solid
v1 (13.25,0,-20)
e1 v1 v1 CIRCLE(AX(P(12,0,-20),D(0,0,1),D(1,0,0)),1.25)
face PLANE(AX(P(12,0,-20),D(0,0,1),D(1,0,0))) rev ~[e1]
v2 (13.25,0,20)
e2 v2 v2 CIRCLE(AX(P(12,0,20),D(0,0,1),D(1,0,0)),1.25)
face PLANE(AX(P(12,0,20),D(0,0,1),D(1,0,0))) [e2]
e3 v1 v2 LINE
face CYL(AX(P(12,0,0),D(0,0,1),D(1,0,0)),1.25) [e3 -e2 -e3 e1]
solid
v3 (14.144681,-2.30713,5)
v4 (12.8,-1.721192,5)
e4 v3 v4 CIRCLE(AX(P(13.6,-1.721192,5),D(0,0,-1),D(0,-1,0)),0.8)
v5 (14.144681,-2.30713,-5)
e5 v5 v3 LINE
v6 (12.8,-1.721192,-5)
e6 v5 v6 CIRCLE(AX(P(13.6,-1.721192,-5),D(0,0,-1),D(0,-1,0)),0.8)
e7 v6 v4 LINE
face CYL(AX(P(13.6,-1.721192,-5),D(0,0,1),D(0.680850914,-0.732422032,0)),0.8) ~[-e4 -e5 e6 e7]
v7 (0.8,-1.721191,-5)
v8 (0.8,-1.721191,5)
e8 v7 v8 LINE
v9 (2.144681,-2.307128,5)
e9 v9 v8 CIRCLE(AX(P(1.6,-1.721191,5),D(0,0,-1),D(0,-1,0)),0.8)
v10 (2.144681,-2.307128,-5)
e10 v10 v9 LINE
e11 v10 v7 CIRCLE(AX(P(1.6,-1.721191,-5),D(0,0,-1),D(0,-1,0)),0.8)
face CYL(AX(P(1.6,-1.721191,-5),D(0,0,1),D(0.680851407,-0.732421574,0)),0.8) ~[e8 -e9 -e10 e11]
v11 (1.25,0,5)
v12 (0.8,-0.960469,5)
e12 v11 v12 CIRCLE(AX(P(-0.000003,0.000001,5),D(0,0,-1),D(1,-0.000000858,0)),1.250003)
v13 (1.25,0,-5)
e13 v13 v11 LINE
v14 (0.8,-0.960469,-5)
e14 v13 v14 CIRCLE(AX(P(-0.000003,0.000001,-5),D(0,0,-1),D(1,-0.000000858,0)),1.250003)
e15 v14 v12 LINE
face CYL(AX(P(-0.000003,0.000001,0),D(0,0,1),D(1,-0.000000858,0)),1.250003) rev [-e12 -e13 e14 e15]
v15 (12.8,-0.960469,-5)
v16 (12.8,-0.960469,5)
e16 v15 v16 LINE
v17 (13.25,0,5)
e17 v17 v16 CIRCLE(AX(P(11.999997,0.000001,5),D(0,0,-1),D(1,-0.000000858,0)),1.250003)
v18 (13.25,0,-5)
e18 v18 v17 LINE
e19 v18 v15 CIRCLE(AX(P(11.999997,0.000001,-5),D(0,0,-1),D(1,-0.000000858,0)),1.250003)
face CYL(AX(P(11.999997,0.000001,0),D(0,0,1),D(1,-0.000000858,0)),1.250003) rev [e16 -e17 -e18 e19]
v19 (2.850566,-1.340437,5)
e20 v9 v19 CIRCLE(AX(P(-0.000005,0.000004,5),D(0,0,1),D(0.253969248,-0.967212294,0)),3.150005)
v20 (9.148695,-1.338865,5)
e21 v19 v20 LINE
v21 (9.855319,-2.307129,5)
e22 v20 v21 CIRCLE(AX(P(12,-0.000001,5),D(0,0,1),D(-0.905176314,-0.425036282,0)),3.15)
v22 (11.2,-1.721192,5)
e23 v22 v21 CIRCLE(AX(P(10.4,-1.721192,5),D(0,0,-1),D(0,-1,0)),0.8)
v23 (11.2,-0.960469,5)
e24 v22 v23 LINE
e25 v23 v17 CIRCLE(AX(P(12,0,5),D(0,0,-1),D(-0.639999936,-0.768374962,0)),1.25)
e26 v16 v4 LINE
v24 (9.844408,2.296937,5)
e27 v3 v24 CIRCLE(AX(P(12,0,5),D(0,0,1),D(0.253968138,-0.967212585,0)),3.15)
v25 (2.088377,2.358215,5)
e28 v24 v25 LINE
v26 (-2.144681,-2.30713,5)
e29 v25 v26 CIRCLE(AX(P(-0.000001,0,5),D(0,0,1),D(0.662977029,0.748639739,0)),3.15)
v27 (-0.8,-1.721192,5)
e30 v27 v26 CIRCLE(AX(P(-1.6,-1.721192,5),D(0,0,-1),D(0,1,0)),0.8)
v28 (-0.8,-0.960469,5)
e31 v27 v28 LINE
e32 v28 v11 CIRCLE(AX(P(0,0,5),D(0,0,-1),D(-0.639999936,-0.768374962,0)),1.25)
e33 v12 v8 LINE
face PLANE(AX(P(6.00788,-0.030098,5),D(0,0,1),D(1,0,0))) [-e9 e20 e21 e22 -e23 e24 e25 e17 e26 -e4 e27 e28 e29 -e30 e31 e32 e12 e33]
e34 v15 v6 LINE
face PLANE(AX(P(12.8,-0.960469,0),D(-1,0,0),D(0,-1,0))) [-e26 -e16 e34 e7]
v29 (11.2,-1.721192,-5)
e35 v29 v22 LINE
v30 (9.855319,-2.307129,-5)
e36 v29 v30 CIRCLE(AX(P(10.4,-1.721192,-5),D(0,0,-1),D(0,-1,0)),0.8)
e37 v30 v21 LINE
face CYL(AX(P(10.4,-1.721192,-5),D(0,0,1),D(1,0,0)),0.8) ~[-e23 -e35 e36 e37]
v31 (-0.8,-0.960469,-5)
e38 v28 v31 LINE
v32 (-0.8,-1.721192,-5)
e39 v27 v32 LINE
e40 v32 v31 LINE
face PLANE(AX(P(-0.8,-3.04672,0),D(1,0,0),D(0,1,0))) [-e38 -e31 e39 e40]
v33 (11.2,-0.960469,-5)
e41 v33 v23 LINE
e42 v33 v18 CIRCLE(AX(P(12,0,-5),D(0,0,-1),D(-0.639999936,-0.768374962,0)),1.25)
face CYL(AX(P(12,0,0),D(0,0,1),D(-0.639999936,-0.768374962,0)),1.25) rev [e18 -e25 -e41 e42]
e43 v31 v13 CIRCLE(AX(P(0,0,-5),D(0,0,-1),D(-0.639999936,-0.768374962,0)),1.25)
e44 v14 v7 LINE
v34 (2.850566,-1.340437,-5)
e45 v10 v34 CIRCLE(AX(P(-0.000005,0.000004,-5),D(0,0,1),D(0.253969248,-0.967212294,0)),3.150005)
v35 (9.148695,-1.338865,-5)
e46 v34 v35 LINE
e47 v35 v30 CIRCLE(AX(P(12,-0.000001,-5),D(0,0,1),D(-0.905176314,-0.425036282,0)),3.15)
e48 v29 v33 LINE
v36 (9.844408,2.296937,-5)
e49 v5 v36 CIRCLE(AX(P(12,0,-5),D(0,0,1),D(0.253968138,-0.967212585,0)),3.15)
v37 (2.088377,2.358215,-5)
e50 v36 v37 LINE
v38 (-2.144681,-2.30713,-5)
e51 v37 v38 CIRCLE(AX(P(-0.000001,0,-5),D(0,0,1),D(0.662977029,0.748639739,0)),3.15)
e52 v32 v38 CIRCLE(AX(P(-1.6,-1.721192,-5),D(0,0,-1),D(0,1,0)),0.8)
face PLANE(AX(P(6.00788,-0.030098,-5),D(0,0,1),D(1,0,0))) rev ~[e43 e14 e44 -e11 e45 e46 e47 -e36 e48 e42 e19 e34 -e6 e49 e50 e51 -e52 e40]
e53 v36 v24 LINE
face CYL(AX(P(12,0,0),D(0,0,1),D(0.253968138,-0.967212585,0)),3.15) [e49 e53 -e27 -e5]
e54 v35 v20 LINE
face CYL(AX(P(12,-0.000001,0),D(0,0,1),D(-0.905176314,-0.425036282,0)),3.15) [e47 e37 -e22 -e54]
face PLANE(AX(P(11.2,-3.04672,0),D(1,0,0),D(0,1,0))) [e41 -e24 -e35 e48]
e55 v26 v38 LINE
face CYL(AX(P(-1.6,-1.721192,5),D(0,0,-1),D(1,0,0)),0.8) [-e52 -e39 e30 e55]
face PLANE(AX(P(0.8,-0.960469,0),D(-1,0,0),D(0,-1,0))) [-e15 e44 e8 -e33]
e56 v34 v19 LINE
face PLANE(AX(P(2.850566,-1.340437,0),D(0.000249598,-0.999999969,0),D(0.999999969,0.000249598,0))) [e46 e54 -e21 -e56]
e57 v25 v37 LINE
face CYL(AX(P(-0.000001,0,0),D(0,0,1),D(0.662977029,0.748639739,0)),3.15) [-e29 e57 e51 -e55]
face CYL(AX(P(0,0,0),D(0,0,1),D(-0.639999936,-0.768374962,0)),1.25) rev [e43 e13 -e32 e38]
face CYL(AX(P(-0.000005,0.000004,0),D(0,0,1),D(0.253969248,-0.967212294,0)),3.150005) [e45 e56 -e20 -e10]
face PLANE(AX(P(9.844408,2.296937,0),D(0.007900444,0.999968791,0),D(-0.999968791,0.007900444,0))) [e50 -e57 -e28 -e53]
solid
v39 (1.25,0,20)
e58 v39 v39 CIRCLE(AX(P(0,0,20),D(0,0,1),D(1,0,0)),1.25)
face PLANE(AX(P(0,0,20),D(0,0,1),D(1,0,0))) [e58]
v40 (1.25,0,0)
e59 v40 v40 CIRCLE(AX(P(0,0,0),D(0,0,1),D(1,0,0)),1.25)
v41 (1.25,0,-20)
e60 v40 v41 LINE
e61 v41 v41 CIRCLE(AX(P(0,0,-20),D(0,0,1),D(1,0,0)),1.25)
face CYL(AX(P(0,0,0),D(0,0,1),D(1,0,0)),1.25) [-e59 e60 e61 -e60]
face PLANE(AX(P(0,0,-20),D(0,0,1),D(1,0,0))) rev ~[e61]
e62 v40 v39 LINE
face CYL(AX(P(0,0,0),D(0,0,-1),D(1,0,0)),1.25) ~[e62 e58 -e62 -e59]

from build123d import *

# Parameters (mm, degrees)
F0_R     = 1.25
F1_DEPTH = 20
F3_DEPTH = 5
F4_R     = 0.8


with BuildPart() as f1:
    # F0 (on Top) → F1 (new body, symmetric)
    with BuildSketch(Plane.XY):
        Circle(F0_R)
        with Locations((12, 0)):
            Circle(F0_R)
    extrude(amount=F1_DEPTH, both=True)


with BuildPart() as f3:
    # F2 (on Top) → F3 (new body, symmetric)
    with BuildSketch(Plane.XY):
        with BuildLine():
            ThreePointArc((-0.8, -0.960469), (-0.53033, 1.131923), (1.25, 0))
            ThreePointArc((1.25, 0), (1.131923, -0.53033), (0.8, -0.960469))
            Line((0.8, -0.960469), (0.8, -3.04672))
            ThreePointArc((0.8, -3.04672), (2.014822, -2.421361), (2.850566, -1.340437))
            Line((2.850566, -1.340437), (9.148695, -1.338865))
            ThreePointArc((9.148695, -1.338865), (9.98451, -2.420806), (11.2, -3.04672))
            Line((11.2, -3.04672), (11.2, -0.960469))
            ThreePointArc((11.2, -0.960469), (11.46967, 1.131923), (13.25, 0))
            ThreePointArc((13.25, 0), (13.131923, -0.53033), (12.8, -0.960469))
            Line((12.8, -0.960469), (12.8, -3.04672))
            ThreePointArc((12.8, -3.04672), (14.756461, 1.524606), (9.844408, 2.296937))
            Line((9.844408, 2.296937), (2.088377, 2.358215))
            ThreePointArc((2.088377, 2.358215), (-2.778185, 1.484652), (-0.8, -3.04672))
            Line((-0.8, -3.04672), (-0.8, -0.960469))
        make_face()
    extrude(amount=F3_DEPTH, both=True)

    # F4
    f4_edges = [f3.edges().sort_by_distance(p)[0] for p in [
        (-0.8, -3.04672, 0),
        (0.8, -3.04672, 0),
        (11.2, -3.04672, 0),
        (12.8, -3.04672, 0),
    ]]
    fillet(f4_edges, radius=F4_R)


solid = Compound([f1.part, f3.part])
